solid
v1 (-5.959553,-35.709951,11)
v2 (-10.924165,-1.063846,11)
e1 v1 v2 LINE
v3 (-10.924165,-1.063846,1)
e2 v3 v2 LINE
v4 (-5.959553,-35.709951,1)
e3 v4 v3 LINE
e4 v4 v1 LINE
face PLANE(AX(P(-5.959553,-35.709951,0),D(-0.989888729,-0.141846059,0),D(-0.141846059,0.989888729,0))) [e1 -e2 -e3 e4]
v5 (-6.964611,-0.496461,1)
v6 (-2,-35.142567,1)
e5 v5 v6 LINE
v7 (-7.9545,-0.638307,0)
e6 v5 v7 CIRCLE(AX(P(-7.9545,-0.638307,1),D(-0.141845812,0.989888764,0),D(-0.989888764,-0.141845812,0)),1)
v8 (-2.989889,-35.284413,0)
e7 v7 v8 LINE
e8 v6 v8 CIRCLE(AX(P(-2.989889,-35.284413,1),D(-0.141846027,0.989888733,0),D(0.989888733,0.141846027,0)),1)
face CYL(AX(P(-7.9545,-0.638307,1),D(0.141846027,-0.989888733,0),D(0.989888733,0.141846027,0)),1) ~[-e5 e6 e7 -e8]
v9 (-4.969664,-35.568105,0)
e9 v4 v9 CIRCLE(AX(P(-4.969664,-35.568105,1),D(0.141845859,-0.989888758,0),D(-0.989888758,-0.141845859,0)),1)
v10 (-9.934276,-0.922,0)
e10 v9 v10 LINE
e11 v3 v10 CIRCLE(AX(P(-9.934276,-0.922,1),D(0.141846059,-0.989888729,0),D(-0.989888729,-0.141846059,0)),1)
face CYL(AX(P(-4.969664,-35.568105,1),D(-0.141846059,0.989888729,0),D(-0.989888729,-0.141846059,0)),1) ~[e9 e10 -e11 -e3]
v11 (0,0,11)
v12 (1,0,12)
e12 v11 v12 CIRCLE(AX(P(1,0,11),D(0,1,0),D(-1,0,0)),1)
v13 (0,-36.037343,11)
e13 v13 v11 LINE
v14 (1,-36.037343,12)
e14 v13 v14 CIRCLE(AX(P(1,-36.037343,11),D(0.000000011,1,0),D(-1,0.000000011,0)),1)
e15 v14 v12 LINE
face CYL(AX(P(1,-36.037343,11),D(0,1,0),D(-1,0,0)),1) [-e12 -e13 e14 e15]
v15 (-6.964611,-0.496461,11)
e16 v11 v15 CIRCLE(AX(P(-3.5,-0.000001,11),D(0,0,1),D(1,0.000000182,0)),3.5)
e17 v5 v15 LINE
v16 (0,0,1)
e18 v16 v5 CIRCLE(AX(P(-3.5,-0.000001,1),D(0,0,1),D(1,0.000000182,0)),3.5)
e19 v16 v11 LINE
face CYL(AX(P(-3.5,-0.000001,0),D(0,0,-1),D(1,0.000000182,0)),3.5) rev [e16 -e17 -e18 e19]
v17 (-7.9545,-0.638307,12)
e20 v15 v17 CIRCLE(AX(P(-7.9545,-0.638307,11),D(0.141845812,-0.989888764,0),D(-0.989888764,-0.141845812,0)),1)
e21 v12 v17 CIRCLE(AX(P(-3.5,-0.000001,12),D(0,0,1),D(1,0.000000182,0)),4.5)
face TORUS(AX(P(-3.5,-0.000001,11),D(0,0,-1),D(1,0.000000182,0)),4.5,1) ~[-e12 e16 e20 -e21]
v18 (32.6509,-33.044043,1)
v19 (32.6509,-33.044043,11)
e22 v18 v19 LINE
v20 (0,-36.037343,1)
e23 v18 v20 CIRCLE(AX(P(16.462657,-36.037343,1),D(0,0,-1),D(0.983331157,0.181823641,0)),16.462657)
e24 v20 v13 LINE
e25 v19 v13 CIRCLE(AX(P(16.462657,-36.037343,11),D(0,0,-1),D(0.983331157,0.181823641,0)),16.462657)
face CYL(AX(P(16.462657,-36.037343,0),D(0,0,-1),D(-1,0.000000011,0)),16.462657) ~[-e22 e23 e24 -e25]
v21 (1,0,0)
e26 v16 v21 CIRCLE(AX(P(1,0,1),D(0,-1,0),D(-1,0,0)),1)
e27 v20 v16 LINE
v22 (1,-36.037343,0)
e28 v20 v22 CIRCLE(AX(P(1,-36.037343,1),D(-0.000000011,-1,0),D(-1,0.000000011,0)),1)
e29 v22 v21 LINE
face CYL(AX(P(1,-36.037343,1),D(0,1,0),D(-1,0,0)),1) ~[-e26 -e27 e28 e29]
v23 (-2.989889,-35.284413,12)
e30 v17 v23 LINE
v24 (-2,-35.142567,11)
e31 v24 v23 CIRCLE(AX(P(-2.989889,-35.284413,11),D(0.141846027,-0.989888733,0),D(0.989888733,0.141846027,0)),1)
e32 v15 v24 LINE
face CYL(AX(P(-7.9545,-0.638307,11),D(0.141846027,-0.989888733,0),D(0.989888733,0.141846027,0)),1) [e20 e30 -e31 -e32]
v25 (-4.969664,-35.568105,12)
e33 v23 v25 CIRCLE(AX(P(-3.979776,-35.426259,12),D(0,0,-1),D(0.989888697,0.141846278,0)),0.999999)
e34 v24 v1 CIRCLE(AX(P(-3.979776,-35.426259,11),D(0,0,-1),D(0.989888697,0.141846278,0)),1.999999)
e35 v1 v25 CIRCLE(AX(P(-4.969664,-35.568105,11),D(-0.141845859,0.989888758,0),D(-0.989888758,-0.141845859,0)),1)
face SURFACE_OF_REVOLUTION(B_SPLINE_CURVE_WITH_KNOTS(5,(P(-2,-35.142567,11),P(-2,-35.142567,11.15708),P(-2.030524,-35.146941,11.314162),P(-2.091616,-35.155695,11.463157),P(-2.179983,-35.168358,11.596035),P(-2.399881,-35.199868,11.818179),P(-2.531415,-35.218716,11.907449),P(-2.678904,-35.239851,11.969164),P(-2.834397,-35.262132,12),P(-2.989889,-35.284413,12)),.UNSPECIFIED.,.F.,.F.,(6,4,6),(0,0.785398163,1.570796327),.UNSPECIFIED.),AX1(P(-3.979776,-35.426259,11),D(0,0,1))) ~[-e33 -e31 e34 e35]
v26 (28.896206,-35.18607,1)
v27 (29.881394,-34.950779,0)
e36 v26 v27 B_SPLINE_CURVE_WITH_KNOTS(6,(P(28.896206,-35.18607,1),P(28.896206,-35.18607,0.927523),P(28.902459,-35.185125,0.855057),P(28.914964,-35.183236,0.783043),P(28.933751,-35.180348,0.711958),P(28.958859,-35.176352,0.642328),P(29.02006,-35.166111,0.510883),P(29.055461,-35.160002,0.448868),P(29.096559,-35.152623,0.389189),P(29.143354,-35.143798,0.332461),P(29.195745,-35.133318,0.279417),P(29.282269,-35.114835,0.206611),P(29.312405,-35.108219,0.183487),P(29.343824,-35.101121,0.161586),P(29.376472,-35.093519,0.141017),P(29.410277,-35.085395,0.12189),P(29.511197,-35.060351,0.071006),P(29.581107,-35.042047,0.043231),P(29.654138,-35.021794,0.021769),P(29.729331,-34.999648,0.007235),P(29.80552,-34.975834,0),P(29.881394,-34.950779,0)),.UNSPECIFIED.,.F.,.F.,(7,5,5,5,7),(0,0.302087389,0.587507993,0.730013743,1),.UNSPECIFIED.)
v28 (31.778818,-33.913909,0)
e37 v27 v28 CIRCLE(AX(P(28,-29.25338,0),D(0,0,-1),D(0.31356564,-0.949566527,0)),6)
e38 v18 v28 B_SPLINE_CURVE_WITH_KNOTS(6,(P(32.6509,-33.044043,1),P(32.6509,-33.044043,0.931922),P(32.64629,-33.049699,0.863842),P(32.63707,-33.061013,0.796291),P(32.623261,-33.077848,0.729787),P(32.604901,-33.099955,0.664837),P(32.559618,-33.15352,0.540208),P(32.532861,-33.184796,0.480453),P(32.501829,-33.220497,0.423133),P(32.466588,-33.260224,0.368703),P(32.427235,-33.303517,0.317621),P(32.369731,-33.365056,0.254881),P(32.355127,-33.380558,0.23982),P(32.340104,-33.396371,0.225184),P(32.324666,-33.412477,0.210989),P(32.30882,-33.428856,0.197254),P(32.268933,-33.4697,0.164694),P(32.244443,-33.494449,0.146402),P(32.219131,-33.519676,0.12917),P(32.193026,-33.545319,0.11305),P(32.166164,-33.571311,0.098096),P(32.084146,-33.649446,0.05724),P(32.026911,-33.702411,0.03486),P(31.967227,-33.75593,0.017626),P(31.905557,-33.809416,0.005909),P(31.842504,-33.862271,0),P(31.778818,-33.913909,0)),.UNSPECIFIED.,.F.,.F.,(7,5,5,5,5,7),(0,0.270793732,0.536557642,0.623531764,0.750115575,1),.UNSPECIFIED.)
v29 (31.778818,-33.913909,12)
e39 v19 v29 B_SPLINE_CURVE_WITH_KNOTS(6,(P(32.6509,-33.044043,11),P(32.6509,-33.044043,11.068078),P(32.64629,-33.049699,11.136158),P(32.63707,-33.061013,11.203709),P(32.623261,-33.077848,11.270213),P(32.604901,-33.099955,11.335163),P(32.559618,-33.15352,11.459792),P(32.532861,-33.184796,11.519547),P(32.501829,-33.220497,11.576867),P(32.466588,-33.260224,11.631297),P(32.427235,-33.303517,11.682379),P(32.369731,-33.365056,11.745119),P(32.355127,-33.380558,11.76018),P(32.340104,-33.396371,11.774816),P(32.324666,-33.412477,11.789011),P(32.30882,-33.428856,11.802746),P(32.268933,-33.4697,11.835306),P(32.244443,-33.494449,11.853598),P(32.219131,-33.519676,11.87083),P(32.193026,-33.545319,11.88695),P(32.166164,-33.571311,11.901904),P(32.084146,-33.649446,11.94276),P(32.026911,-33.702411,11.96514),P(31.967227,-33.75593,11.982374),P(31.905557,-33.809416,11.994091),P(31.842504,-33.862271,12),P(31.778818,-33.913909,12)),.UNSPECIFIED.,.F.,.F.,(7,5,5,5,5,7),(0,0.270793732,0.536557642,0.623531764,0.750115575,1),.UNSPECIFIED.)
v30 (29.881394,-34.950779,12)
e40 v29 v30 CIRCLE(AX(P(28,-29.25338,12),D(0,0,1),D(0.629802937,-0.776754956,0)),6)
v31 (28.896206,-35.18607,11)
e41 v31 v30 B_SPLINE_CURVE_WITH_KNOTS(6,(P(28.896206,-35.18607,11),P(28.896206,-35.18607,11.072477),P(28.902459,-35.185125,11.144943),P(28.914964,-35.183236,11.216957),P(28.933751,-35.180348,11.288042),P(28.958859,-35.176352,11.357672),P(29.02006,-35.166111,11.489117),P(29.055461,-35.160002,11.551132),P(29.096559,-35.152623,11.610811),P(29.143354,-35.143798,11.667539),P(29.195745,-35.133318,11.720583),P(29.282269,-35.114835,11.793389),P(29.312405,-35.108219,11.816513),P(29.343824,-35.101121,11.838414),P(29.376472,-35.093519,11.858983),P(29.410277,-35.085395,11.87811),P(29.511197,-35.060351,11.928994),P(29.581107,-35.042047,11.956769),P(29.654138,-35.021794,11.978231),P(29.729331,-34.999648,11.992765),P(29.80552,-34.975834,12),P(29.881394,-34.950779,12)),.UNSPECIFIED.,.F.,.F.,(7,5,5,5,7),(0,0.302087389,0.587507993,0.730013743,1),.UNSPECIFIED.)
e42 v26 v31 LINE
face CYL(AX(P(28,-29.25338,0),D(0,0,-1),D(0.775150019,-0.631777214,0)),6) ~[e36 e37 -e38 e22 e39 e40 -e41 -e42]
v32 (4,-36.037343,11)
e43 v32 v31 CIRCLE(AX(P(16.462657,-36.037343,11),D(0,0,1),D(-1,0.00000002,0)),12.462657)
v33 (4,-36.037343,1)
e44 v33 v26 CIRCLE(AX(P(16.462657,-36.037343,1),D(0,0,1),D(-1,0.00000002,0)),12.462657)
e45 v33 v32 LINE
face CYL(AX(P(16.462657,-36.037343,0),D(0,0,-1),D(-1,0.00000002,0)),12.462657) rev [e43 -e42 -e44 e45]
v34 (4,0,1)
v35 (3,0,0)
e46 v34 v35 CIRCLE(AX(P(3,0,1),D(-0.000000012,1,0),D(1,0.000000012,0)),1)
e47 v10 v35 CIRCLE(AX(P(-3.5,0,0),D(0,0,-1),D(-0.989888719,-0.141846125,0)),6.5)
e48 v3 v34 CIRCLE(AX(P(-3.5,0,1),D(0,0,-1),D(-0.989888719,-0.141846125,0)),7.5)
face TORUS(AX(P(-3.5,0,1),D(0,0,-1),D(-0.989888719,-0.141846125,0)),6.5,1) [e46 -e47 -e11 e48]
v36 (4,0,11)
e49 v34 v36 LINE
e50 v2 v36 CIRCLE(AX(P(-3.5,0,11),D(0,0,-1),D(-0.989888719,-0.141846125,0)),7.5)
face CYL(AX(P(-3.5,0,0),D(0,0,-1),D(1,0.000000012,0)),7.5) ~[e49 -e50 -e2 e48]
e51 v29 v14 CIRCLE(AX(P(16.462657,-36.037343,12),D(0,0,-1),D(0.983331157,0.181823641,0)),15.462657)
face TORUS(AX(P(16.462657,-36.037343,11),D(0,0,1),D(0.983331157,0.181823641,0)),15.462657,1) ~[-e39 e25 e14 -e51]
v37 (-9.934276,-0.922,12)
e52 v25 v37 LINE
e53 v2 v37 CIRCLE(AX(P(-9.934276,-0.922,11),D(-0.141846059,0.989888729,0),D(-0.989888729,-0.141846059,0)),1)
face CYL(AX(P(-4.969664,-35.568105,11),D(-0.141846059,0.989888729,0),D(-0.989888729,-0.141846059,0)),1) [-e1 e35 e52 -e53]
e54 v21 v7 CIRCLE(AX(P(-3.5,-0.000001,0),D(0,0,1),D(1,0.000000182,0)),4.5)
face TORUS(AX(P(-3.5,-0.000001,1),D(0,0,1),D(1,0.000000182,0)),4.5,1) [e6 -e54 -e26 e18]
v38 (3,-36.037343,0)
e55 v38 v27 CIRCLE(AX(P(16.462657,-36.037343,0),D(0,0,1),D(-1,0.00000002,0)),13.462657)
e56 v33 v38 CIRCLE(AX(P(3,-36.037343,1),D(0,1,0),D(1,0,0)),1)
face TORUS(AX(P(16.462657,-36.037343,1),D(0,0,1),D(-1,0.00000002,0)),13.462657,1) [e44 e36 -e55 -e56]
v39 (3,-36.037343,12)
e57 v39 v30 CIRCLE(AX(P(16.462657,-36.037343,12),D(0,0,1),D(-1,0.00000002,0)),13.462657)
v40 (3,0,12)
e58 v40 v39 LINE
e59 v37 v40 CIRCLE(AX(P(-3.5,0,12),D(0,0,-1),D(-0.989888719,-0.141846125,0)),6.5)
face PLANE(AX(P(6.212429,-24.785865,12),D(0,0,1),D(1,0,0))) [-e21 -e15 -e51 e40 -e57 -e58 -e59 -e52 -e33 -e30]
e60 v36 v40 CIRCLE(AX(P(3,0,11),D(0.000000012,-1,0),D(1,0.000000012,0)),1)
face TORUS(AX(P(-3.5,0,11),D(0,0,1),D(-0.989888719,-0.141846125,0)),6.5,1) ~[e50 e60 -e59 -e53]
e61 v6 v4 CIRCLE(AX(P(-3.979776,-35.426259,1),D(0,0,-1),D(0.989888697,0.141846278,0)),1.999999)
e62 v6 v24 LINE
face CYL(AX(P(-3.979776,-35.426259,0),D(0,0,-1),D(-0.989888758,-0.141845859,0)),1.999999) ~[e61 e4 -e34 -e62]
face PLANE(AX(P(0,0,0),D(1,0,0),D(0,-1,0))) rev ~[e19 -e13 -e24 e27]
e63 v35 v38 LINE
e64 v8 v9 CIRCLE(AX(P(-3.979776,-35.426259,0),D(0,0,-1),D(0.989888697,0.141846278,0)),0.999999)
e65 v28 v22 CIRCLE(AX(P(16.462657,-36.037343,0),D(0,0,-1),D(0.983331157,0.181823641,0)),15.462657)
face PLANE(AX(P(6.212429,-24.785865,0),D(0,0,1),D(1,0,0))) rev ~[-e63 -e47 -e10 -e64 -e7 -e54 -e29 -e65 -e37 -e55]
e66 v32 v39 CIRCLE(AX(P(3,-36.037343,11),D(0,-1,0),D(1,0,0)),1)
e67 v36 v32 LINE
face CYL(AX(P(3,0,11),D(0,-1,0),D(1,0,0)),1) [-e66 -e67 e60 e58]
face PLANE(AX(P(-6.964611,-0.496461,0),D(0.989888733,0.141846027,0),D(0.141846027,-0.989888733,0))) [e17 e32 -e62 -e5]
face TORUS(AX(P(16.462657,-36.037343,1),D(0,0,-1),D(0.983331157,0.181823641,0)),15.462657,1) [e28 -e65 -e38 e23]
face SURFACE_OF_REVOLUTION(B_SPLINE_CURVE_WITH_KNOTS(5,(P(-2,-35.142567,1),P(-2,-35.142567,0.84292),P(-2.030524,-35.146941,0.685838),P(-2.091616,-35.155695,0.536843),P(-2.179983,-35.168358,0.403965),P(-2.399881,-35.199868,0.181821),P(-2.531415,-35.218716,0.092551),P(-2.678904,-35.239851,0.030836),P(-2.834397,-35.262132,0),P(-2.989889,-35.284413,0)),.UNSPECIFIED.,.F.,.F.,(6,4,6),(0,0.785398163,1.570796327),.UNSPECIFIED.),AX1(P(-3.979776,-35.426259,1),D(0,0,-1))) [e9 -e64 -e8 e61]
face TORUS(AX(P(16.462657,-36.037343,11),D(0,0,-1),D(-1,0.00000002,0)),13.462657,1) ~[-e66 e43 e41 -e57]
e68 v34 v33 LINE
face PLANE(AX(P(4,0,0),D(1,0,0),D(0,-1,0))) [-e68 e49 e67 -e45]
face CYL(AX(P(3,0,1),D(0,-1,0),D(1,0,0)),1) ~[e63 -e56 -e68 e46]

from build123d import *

# Parameters (mm, degrees)
PAD_DEPTH   = 12
FILLET_R    = 1
FILLET001_R = 1


with BuildPart() as part:
    # Sketch → Pad (new body)
    with BuildSketch(Plane.XY):
        with BuildLine():
            Line((0, 0), (0, -36.037343))
            ThreePointArc((0, -36.037343), (17.965583, -52.431253), (32.6509, -33.044043))
            ThreePointArc((32.6509, -33.044043), (25.026843, -24.041822), (28.896206, -35.18607))
            ThreePointArc((4, -36.037343), (16.888542, -48.492721), (28.896206, -35.18607))
            Line((4, 0), (4, -36.037343))
            ThreePointArc((4, 0), (-4.033273, 7.481017), (-10.924165, -1.063846))
            Line((-5.959553, -35.709951), (-10.924165, -1.063846))
            ThreePointArc((-5.959553, -35.709951), (-3.696085, -37.406036), (-2, -35.142567))
            Line((-6.964611, -0.496461), (-2, -35.142567))
            ThreePointArc((0, 0), (-3.74886, 3.491141), (-6.964611, -0.496461))
        make_face()
    extrude(amount=PAD_DEPTH)

    # Fillet
    fillet_edges = [part.edges().sort_by_distance(p)[0] for p in [
        (4, -18.018672, 0),
    ]]
    fillet(fillet_edges, radius=FILLET_R)

    # Fillet001
    fillet001_edges = [part.edges().sort_by_distance(p)[0] for p in [
        (4, -18.018672, 12),
    ]]
    fillet(fillet001_edges, radius=FILLET001_R)


solid = part.part
